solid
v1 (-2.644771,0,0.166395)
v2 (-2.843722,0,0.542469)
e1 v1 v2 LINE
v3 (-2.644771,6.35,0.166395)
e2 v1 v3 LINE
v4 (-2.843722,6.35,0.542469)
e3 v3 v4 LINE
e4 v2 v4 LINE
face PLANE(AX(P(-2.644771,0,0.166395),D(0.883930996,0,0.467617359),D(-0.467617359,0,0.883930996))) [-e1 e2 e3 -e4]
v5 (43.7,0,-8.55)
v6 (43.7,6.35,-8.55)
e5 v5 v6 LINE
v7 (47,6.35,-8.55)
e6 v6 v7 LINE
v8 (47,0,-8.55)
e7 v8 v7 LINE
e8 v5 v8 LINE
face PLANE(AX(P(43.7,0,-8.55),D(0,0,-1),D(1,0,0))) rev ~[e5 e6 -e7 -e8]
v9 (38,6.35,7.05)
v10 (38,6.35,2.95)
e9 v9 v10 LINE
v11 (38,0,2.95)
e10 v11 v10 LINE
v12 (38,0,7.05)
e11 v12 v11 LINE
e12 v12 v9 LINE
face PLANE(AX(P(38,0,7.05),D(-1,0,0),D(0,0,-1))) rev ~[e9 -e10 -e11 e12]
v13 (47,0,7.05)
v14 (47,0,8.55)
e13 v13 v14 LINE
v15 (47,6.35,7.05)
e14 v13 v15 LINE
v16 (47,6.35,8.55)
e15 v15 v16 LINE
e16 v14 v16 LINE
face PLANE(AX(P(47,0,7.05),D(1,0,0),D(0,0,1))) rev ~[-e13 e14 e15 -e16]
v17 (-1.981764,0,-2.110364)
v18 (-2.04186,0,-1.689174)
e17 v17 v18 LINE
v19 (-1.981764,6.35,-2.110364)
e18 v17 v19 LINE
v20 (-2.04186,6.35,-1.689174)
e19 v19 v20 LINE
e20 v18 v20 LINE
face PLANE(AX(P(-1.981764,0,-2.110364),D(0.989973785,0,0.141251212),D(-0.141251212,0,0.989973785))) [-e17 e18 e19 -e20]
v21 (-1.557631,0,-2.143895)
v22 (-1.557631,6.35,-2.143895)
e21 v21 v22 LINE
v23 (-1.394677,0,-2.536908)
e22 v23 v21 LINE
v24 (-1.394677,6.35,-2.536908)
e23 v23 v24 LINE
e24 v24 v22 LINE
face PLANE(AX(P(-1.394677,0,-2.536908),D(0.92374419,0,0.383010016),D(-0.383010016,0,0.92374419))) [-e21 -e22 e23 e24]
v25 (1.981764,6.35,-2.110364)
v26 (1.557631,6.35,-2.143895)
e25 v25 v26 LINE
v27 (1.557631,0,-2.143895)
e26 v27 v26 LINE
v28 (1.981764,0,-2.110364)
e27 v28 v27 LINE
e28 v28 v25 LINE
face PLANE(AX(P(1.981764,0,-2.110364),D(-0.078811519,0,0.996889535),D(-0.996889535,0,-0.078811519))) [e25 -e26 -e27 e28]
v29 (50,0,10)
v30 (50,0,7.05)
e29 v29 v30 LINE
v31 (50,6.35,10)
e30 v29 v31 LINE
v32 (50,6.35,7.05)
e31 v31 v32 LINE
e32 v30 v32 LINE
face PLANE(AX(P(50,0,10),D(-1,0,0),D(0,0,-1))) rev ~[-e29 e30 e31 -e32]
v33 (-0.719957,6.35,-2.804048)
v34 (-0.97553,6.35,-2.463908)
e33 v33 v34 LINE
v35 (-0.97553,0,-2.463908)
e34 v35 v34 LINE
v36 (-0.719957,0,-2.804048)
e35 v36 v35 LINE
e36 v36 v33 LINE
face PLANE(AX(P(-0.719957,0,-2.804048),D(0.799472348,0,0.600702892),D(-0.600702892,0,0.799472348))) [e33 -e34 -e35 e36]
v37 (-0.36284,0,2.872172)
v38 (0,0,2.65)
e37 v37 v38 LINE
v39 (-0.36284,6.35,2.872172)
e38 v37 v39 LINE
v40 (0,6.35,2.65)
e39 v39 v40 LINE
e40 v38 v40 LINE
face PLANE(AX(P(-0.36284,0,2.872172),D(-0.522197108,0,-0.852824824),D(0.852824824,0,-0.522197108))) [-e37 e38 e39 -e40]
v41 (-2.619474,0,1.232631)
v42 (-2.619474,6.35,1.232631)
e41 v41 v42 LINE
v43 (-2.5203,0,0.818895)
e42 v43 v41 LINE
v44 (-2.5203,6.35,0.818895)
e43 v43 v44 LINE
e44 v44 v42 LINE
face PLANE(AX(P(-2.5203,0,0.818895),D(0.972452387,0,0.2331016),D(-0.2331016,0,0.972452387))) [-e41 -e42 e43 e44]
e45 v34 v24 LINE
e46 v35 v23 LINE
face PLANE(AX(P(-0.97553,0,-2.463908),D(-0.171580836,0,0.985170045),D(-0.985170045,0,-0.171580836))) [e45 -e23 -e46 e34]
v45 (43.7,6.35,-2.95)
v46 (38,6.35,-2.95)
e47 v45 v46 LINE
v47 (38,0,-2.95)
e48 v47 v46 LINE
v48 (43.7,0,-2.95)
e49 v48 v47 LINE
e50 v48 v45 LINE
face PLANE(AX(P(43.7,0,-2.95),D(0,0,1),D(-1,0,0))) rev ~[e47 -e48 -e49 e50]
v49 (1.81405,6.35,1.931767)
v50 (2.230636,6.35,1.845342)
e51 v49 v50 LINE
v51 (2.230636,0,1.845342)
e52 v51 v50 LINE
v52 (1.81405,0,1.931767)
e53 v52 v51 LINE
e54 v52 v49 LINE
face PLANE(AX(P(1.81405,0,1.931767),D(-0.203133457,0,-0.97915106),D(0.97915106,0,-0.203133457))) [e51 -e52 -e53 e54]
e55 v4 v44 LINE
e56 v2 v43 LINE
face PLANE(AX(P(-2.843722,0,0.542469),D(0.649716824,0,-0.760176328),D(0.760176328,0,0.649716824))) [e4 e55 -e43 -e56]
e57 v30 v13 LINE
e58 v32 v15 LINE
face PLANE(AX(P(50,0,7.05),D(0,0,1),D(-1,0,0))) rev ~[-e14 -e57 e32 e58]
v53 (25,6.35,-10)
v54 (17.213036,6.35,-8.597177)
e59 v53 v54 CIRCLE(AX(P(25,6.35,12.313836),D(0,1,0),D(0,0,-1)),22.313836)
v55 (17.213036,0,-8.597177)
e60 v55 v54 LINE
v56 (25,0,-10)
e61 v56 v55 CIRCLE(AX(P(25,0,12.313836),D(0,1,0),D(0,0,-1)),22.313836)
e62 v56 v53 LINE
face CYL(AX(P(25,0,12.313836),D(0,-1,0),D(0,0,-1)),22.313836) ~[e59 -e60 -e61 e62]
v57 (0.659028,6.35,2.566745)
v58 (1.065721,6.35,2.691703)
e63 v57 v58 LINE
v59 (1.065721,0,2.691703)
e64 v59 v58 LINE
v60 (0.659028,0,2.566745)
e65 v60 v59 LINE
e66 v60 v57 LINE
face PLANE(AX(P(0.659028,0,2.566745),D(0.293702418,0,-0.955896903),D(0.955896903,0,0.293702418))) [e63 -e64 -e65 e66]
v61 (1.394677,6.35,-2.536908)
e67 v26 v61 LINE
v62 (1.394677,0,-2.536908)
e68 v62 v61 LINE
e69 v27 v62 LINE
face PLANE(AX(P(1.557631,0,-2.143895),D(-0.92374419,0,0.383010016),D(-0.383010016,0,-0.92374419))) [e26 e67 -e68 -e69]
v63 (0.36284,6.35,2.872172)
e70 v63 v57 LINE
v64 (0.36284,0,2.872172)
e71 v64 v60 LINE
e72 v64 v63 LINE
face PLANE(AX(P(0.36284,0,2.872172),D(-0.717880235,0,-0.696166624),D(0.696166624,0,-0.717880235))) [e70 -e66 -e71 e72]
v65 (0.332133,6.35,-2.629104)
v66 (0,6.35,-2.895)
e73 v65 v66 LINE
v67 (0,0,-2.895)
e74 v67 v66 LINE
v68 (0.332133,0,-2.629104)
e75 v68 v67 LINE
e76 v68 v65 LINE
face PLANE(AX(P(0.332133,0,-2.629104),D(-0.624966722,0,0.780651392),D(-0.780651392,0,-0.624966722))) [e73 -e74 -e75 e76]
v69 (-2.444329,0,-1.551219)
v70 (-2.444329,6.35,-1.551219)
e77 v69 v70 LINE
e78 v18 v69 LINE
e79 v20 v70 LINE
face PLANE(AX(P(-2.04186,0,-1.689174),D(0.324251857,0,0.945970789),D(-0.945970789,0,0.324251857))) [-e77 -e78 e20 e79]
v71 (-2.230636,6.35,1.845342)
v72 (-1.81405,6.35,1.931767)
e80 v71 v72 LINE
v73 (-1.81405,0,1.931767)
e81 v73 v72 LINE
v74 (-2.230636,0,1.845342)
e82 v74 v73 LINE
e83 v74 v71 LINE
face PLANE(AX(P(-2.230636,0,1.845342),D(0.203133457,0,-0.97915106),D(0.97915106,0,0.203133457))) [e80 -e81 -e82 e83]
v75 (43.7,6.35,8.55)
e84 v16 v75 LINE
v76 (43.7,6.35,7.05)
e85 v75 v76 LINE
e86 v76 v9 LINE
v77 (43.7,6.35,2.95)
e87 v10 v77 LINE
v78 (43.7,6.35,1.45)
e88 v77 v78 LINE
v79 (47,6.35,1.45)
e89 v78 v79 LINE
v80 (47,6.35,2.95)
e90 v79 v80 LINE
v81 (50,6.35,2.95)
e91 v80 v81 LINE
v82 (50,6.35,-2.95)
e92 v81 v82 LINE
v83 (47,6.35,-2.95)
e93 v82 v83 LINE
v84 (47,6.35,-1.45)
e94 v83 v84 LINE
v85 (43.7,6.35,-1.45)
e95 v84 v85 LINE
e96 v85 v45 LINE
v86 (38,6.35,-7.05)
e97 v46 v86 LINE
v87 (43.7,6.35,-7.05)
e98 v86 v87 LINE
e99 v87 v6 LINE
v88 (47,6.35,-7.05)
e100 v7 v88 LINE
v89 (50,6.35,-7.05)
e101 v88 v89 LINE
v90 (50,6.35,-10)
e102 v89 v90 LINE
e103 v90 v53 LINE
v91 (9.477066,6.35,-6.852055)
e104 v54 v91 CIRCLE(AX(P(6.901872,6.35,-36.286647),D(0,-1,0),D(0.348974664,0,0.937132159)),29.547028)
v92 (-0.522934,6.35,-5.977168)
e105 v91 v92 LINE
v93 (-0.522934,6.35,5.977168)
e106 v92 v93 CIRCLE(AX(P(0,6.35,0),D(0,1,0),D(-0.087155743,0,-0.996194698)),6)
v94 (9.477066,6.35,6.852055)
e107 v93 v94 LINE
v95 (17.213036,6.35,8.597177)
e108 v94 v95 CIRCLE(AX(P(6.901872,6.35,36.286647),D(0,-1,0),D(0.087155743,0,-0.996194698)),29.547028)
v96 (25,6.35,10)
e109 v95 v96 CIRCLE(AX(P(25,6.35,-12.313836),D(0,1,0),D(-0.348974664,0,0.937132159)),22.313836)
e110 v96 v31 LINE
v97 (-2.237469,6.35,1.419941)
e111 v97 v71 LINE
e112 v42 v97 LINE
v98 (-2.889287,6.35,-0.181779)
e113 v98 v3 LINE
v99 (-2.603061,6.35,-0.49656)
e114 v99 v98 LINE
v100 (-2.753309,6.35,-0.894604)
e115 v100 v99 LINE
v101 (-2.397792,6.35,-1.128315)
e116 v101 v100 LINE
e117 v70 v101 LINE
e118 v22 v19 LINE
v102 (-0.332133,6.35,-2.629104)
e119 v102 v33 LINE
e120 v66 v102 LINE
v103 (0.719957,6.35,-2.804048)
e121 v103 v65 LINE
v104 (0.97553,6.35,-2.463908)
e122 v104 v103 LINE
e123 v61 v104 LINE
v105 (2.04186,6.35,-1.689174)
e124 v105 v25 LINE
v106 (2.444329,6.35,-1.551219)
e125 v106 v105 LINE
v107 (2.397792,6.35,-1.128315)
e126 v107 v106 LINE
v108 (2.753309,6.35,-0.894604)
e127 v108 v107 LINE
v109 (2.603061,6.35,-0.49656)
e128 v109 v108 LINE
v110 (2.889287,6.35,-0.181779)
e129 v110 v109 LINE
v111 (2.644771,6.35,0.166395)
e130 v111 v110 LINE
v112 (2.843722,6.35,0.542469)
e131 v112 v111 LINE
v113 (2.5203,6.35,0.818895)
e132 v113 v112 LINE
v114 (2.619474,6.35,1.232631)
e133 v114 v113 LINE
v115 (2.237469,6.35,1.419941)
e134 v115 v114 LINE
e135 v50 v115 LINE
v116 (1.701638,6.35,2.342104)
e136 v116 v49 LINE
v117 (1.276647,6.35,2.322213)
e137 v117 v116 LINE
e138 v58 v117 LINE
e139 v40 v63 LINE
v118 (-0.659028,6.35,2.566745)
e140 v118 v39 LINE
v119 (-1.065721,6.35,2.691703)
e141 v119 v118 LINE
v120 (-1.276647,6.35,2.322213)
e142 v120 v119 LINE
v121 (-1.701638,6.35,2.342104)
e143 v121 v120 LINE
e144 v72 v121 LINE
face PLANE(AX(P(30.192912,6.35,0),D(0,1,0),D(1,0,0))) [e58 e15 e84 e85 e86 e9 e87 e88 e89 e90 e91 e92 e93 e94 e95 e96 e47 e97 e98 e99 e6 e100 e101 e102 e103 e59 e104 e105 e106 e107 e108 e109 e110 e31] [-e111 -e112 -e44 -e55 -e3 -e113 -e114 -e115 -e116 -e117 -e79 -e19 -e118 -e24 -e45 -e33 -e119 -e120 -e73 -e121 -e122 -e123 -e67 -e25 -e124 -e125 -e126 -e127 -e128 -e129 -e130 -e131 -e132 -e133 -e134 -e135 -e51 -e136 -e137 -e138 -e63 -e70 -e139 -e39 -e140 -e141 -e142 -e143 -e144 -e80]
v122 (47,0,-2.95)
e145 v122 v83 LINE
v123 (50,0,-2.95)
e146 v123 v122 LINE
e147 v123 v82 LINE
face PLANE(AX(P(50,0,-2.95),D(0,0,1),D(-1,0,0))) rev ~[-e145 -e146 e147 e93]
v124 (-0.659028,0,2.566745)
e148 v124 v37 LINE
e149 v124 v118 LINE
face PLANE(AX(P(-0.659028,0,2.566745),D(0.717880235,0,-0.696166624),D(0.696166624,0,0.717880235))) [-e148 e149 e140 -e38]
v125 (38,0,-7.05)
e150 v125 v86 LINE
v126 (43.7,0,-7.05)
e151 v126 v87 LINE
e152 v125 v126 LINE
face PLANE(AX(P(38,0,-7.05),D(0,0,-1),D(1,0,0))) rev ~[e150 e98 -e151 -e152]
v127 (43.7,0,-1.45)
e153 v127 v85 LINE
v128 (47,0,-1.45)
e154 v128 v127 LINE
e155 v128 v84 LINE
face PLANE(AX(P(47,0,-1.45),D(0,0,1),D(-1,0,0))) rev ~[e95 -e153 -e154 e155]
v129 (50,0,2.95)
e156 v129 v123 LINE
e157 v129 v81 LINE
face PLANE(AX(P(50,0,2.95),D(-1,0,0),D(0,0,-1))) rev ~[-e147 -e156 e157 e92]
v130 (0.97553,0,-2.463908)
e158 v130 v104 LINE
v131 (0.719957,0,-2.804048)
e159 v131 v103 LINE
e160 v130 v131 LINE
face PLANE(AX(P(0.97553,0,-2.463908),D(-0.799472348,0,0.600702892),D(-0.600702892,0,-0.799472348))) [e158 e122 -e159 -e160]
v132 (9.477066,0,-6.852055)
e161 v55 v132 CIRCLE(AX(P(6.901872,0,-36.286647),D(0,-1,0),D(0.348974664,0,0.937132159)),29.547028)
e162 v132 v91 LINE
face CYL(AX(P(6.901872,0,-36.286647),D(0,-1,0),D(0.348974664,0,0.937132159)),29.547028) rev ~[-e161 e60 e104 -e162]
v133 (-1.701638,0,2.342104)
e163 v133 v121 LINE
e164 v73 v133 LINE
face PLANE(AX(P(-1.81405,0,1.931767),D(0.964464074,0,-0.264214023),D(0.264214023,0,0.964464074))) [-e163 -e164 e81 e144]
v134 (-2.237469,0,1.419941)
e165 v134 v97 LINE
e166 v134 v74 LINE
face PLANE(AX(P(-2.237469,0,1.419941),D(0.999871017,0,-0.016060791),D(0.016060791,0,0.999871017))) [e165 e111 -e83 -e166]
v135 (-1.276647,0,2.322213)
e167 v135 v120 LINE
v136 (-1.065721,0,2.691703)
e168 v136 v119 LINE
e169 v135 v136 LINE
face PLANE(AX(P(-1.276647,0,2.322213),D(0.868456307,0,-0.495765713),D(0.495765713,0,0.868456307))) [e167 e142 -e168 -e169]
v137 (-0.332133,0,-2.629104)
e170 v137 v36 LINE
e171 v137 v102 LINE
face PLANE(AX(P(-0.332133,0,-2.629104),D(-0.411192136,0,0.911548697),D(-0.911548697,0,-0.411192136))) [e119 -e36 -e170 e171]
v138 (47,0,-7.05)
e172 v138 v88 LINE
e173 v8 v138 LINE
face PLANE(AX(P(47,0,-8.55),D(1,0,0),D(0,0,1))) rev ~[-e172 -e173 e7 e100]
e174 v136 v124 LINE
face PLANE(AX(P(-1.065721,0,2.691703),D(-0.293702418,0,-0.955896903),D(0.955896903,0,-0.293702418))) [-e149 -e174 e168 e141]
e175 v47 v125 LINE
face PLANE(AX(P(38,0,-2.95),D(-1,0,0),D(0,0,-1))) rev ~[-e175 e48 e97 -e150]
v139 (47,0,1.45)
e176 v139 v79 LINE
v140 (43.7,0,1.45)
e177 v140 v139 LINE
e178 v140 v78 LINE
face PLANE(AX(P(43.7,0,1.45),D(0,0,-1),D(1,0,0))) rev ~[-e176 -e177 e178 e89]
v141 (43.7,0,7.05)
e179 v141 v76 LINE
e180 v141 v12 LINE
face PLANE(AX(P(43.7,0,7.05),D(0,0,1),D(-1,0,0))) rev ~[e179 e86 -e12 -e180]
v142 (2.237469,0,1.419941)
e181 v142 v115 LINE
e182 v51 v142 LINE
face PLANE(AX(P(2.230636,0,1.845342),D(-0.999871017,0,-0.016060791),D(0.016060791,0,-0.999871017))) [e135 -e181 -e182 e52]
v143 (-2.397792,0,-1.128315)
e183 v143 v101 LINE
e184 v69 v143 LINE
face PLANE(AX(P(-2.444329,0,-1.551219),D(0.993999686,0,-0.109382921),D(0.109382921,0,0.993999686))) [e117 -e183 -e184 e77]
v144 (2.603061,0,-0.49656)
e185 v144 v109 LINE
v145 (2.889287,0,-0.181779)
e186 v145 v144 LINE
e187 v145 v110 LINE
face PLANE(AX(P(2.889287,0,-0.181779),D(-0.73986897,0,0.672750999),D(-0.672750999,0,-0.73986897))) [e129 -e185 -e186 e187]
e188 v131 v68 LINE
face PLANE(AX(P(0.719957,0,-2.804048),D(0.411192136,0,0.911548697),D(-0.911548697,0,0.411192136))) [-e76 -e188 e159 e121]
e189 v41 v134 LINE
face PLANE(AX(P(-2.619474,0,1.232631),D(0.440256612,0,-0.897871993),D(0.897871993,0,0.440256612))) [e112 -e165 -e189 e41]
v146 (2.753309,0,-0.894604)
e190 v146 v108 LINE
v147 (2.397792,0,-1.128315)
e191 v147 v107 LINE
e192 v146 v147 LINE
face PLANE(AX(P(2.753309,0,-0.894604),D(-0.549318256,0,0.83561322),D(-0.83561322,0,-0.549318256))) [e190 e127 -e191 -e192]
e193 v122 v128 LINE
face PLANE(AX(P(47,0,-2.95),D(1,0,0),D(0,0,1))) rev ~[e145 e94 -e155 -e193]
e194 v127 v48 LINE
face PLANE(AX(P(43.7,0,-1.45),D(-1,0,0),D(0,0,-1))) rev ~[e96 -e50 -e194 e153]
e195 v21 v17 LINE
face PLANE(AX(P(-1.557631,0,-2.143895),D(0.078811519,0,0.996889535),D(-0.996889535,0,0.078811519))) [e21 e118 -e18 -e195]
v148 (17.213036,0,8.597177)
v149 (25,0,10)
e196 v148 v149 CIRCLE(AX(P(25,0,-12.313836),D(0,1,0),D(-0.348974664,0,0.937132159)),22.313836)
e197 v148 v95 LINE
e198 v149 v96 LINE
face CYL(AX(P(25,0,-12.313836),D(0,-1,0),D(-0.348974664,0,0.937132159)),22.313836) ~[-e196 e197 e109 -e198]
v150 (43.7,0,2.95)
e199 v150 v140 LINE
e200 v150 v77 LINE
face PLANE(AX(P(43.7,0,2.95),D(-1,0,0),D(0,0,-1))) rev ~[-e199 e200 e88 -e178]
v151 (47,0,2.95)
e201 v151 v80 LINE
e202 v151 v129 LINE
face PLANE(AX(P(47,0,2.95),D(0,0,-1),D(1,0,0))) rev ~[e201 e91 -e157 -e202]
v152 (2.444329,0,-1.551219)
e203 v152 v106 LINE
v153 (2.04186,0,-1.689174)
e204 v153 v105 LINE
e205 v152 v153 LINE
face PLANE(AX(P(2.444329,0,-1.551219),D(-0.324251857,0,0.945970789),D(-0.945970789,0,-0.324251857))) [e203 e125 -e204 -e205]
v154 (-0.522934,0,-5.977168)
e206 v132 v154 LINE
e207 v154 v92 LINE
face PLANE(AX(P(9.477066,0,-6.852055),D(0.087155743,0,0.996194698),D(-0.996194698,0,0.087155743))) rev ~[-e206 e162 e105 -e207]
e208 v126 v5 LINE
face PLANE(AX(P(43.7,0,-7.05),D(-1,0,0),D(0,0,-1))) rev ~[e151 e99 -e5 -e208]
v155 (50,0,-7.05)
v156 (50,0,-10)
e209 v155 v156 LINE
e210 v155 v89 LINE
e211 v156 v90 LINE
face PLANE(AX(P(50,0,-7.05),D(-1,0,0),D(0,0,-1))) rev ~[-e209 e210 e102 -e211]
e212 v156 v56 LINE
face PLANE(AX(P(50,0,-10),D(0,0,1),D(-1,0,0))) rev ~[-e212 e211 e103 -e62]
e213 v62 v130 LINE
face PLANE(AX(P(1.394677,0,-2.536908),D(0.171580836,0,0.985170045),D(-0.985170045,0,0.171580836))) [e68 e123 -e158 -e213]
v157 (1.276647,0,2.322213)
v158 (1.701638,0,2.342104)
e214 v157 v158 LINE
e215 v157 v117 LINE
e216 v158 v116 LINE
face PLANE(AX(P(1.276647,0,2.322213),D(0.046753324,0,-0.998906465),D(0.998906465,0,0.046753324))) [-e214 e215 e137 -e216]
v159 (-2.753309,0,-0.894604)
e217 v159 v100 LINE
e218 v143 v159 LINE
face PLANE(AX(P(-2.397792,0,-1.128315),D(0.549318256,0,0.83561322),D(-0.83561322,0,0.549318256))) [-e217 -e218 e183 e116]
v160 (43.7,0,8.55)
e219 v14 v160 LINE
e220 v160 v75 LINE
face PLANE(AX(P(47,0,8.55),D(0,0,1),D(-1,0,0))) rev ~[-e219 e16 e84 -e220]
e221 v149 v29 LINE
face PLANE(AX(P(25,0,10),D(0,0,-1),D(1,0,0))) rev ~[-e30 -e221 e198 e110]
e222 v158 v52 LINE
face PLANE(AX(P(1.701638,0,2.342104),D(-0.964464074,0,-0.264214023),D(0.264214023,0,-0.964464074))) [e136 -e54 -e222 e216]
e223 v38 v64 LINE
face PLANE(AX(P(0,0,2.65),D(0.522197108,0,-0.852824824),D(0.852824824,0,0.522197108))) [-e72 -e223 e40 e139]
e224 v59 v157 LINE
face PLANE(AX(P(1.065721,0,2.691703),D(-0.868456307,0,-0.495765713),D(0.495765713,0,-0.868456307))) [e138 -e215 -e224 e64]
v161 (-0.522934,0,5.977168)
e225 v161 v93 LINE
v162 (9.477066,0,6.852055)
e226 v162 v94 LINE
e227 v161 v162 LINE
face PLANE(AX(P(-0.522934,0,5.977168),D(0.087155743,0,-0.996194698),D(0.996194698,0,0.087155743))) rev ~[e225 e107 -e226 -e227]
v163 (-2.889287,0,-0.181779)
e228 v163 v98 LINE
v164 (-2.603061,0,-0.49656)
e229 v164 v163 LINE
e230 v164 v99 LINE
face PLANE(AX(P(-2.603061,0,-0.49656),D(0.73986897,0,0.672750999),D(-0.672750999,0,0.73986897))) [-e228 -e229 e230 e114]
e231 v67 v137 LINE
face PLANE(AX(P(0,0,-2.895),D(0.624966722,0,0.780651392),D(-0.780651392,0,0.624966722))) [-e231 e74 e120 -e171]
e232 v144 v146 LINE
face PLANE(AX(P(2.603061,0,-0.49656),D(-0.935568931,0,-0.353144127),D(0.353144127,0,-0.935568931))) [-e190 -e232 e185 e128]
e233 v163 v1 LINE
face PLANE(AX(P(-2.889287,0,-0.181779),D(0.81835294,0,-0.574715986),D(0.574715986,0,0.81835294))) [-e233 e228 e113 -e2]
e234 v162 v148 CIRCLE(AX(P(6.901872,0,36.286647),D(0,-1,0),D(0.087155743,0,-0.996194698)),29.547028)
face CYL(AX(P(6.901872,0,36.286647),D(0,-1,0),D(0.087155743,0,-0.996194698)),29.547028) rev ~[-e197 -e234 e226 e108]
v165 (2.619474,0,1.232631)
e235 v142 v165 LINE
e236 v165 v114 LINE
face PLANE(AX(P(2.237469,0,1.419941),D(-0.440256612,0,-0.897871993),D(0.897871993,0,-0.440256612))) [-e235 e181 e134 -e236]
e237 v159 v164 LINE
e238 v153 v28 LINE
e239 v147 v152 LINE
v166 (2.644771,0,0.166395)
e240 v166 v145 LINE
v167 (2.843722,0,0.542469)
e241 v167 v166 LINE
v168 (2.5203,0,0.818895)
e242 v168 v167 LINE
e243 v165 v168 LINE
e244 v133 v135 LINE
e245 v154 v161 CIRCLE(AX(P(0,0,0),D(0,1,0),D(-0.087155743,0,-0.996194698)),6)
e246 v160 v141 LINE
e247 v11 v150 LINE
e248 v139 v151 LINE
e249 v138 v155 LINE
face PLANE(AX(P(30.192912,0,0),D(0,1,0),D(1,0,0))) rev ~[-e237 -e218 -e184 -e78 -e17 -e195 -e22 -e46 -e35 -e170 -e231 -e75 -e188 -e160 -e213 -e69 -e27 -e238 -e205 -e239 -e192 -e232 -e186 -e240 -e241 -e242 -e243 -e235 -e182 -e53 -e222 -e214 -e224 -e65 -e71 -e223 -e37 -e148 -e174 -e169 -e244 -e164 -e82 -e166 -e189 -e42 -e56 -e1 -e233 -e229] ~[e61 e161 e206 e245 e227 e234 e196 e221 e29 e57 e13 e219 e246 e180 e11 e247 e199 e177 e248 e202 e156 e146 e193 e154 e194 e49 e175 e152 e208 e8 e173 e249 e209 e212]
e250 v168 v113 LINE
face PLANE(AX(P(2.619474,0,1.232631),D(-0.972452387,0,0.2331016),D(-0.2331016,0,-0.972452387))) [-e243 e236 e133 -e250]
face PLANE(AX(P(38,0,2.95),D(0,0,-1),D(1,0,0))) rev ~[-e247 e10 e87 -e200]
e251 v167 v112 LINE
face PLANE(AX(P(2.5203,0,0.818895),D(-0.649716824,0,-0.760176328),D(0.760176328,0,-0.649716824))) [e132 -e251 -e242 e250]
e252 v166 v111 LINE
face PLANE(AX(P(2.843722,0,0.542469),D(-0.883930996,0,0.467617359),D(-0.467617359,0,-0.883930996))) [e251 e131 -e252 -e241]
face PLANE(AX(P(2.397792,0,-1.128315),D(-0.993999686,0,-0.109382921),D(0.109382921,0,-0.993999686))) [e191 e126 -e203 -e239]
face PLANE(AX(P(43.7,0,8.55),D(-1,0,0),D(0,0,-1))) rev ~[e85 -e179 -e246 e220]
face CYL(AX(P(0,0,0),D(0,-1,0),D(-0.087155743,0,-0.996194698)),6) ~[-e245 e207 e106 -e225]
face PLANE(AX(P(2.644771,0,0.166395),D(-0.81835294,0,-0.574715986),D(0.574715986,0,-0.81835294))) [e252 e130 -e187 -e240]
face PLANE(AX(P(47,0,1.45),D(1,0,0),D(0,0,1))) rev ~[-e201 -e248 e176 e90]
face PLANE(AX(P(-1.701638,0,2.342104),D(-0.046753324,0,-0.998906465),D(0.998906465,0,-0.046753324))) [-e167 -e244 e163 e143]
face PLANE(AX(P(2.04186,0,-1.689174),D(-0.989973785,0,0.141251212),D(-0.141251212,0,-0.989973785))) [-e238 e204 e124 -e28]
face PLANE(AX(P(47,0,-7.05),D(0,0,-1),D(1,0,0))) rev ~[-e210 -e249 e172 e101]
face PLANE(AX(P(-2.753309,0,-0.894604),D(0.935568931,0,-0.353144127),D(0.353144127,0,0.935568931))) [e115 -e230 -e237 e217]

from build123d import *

# Parameters (mm, degrees)
BOSS_EXTRUDE1_DEPTH = 6.35


with BuildPart() as part:
    # Sketch1 → Boss-Extrude1 (new body)
    with BuildSketch(Plane(origin=(0, 0, 0), x_dir=(1, 0, 0), z_dir=(0, 1, 0))):
        with BuildLine():
            Line((50, -10), (50, -7.05))
            Line((50, -7.05), (47, -7.05))
            Line((47, -7.05), (47, -8.55))
            Line((47, -8.55), (43.7, -8.55))
            Line((43.7, -8.55), (43.7, -7.05))
            Line((43.7, -7.05), (38, -7.05))
            Line((38, -7.05), (38, -2.95))
            Line((38, -2.95), (43.7, -2.95))
            Line((43.7, -2.95), (43.7, -1.45))
            Line((43.7, -1.45), (47, -1.45))
            Line((47, -1.45), (47, -2.95))
            Line((47, -2.95), (50, -2.95))
            Line((50, -2.95), (50, 2.95))
            Line((50, 2.95), (47, 2.95))
            Line((47, 2.95), (47, 1.45))
            Line((47, 1.45), (43.7, 1.45))
            Line((43.7, 1.45), (43.7, 2.95))
            Line((43.7, 2.95), (38, 2.95))
            Line((38, 2.95), (38, 7.05))
            Line((38, 7.05), (43.7, 7.05))
            Line((43.7, 7.05), (43.7, 8.55))
            Line((43.7, 8.55), (47, 8.55))
            Line((47, 8.55), (47, 7.05))
            Line((47, 7.05), (50, 7.05))
            Line((50, 7.05), (50, 10))
            Line((50, 10), (25, 10))
            ThreePointArc((25, 10), (21.043842997, 9.646494123), (17.213036448, 8.59717729))
            ThreePointArc((17.213036448, 8.59717729), (13.403865442, 7.463896906), (9.477065544, 6.852054824))
            Line((9.477065544, 6.852054824), (-0.522934456, 5.977168189))
            ThreePointArc((-0.522934456, 5.977168189), (-6, 0), (-0.522934456, -5.977168189))
            Line((-0.522934456, -5.977168189), (9.477065544, -6.852054824))
            ThreePointArc((9.477065544, -6.852054824), (13.403865442, -7.463896906), (17.213036448, -8.59717729))
            ThreePointArc((17.213036448, -8.59717729), (21.043842997, -9.646494123), (25, -10))
            Line((25, -10), (50, -10))
        make_face()
        Polygon((0, 2.895), (-0.332133069, 2.629103958), (-0.719957223, 2.804048251), (-0.975530065, 2.463907688), (-1.394676887, 2.536907839), (-1.557630919, 2.143895035), (-1.981763872, 2.110364176), (-2.041860093, 1.689173573), (-2.444329344, 1.551218571), (-2.397791689, 1.128315123), (-2.753308615, 0.894604199), (-2.603061214, 0.496560484), (-2.889287379, 0.181778554), (-2.64477083, -0.166394877), (-2.843721591, -0.542468906), (-2.520299768, -0.818895035), (-2.619474317, -1.232631049), (-2.237469003, -1.419941007), (-2.230635838, -1.84534245), (-1.814049831, -1.931766863), (-1.701638305, -2.342104199), (-1.276647236, -2.322212702), (-1.06572058, -2.691702927), (-0.659028201, -2.566745377), (-0.362839711, -2.87217206), (0, -2.65), (0.362839711, -2.87217206), (0.659028201, -2.566745377), (1.06572058, -2.691702927), (1.276647236, -2.322212702), (1.701638305, -2.342104199), (1.814049831, -1.931766863), (2.230635838, -1.84534245), (2.237469003, -1.419941007), (2.619474317, -1.232631049), (2.520299768, -0.818895035), (2.843721591, -0.542468906), (2.64477083, -0.166394877), (2.889287379, 0.181778554), (2.603061214, 0.496560484), (2.753308615, 0.894604199), (2.397791689, 1.128315123), (2.444329344, 1.551218571), (2.041860093, 1.689173573), (1.981763872, 2.110364176), (1.557630919, 2.143895035), (1.394676887, 2.536907839), (0.975530065, 2.463907688), (0.719957223, 2.804048251), (0.332133069, 2.629103958), align=None, mode=Mode.SUBTRACT)
    extrude(amount=BOSS_EXTRUDE1_DEPTH)


solid = part.part
